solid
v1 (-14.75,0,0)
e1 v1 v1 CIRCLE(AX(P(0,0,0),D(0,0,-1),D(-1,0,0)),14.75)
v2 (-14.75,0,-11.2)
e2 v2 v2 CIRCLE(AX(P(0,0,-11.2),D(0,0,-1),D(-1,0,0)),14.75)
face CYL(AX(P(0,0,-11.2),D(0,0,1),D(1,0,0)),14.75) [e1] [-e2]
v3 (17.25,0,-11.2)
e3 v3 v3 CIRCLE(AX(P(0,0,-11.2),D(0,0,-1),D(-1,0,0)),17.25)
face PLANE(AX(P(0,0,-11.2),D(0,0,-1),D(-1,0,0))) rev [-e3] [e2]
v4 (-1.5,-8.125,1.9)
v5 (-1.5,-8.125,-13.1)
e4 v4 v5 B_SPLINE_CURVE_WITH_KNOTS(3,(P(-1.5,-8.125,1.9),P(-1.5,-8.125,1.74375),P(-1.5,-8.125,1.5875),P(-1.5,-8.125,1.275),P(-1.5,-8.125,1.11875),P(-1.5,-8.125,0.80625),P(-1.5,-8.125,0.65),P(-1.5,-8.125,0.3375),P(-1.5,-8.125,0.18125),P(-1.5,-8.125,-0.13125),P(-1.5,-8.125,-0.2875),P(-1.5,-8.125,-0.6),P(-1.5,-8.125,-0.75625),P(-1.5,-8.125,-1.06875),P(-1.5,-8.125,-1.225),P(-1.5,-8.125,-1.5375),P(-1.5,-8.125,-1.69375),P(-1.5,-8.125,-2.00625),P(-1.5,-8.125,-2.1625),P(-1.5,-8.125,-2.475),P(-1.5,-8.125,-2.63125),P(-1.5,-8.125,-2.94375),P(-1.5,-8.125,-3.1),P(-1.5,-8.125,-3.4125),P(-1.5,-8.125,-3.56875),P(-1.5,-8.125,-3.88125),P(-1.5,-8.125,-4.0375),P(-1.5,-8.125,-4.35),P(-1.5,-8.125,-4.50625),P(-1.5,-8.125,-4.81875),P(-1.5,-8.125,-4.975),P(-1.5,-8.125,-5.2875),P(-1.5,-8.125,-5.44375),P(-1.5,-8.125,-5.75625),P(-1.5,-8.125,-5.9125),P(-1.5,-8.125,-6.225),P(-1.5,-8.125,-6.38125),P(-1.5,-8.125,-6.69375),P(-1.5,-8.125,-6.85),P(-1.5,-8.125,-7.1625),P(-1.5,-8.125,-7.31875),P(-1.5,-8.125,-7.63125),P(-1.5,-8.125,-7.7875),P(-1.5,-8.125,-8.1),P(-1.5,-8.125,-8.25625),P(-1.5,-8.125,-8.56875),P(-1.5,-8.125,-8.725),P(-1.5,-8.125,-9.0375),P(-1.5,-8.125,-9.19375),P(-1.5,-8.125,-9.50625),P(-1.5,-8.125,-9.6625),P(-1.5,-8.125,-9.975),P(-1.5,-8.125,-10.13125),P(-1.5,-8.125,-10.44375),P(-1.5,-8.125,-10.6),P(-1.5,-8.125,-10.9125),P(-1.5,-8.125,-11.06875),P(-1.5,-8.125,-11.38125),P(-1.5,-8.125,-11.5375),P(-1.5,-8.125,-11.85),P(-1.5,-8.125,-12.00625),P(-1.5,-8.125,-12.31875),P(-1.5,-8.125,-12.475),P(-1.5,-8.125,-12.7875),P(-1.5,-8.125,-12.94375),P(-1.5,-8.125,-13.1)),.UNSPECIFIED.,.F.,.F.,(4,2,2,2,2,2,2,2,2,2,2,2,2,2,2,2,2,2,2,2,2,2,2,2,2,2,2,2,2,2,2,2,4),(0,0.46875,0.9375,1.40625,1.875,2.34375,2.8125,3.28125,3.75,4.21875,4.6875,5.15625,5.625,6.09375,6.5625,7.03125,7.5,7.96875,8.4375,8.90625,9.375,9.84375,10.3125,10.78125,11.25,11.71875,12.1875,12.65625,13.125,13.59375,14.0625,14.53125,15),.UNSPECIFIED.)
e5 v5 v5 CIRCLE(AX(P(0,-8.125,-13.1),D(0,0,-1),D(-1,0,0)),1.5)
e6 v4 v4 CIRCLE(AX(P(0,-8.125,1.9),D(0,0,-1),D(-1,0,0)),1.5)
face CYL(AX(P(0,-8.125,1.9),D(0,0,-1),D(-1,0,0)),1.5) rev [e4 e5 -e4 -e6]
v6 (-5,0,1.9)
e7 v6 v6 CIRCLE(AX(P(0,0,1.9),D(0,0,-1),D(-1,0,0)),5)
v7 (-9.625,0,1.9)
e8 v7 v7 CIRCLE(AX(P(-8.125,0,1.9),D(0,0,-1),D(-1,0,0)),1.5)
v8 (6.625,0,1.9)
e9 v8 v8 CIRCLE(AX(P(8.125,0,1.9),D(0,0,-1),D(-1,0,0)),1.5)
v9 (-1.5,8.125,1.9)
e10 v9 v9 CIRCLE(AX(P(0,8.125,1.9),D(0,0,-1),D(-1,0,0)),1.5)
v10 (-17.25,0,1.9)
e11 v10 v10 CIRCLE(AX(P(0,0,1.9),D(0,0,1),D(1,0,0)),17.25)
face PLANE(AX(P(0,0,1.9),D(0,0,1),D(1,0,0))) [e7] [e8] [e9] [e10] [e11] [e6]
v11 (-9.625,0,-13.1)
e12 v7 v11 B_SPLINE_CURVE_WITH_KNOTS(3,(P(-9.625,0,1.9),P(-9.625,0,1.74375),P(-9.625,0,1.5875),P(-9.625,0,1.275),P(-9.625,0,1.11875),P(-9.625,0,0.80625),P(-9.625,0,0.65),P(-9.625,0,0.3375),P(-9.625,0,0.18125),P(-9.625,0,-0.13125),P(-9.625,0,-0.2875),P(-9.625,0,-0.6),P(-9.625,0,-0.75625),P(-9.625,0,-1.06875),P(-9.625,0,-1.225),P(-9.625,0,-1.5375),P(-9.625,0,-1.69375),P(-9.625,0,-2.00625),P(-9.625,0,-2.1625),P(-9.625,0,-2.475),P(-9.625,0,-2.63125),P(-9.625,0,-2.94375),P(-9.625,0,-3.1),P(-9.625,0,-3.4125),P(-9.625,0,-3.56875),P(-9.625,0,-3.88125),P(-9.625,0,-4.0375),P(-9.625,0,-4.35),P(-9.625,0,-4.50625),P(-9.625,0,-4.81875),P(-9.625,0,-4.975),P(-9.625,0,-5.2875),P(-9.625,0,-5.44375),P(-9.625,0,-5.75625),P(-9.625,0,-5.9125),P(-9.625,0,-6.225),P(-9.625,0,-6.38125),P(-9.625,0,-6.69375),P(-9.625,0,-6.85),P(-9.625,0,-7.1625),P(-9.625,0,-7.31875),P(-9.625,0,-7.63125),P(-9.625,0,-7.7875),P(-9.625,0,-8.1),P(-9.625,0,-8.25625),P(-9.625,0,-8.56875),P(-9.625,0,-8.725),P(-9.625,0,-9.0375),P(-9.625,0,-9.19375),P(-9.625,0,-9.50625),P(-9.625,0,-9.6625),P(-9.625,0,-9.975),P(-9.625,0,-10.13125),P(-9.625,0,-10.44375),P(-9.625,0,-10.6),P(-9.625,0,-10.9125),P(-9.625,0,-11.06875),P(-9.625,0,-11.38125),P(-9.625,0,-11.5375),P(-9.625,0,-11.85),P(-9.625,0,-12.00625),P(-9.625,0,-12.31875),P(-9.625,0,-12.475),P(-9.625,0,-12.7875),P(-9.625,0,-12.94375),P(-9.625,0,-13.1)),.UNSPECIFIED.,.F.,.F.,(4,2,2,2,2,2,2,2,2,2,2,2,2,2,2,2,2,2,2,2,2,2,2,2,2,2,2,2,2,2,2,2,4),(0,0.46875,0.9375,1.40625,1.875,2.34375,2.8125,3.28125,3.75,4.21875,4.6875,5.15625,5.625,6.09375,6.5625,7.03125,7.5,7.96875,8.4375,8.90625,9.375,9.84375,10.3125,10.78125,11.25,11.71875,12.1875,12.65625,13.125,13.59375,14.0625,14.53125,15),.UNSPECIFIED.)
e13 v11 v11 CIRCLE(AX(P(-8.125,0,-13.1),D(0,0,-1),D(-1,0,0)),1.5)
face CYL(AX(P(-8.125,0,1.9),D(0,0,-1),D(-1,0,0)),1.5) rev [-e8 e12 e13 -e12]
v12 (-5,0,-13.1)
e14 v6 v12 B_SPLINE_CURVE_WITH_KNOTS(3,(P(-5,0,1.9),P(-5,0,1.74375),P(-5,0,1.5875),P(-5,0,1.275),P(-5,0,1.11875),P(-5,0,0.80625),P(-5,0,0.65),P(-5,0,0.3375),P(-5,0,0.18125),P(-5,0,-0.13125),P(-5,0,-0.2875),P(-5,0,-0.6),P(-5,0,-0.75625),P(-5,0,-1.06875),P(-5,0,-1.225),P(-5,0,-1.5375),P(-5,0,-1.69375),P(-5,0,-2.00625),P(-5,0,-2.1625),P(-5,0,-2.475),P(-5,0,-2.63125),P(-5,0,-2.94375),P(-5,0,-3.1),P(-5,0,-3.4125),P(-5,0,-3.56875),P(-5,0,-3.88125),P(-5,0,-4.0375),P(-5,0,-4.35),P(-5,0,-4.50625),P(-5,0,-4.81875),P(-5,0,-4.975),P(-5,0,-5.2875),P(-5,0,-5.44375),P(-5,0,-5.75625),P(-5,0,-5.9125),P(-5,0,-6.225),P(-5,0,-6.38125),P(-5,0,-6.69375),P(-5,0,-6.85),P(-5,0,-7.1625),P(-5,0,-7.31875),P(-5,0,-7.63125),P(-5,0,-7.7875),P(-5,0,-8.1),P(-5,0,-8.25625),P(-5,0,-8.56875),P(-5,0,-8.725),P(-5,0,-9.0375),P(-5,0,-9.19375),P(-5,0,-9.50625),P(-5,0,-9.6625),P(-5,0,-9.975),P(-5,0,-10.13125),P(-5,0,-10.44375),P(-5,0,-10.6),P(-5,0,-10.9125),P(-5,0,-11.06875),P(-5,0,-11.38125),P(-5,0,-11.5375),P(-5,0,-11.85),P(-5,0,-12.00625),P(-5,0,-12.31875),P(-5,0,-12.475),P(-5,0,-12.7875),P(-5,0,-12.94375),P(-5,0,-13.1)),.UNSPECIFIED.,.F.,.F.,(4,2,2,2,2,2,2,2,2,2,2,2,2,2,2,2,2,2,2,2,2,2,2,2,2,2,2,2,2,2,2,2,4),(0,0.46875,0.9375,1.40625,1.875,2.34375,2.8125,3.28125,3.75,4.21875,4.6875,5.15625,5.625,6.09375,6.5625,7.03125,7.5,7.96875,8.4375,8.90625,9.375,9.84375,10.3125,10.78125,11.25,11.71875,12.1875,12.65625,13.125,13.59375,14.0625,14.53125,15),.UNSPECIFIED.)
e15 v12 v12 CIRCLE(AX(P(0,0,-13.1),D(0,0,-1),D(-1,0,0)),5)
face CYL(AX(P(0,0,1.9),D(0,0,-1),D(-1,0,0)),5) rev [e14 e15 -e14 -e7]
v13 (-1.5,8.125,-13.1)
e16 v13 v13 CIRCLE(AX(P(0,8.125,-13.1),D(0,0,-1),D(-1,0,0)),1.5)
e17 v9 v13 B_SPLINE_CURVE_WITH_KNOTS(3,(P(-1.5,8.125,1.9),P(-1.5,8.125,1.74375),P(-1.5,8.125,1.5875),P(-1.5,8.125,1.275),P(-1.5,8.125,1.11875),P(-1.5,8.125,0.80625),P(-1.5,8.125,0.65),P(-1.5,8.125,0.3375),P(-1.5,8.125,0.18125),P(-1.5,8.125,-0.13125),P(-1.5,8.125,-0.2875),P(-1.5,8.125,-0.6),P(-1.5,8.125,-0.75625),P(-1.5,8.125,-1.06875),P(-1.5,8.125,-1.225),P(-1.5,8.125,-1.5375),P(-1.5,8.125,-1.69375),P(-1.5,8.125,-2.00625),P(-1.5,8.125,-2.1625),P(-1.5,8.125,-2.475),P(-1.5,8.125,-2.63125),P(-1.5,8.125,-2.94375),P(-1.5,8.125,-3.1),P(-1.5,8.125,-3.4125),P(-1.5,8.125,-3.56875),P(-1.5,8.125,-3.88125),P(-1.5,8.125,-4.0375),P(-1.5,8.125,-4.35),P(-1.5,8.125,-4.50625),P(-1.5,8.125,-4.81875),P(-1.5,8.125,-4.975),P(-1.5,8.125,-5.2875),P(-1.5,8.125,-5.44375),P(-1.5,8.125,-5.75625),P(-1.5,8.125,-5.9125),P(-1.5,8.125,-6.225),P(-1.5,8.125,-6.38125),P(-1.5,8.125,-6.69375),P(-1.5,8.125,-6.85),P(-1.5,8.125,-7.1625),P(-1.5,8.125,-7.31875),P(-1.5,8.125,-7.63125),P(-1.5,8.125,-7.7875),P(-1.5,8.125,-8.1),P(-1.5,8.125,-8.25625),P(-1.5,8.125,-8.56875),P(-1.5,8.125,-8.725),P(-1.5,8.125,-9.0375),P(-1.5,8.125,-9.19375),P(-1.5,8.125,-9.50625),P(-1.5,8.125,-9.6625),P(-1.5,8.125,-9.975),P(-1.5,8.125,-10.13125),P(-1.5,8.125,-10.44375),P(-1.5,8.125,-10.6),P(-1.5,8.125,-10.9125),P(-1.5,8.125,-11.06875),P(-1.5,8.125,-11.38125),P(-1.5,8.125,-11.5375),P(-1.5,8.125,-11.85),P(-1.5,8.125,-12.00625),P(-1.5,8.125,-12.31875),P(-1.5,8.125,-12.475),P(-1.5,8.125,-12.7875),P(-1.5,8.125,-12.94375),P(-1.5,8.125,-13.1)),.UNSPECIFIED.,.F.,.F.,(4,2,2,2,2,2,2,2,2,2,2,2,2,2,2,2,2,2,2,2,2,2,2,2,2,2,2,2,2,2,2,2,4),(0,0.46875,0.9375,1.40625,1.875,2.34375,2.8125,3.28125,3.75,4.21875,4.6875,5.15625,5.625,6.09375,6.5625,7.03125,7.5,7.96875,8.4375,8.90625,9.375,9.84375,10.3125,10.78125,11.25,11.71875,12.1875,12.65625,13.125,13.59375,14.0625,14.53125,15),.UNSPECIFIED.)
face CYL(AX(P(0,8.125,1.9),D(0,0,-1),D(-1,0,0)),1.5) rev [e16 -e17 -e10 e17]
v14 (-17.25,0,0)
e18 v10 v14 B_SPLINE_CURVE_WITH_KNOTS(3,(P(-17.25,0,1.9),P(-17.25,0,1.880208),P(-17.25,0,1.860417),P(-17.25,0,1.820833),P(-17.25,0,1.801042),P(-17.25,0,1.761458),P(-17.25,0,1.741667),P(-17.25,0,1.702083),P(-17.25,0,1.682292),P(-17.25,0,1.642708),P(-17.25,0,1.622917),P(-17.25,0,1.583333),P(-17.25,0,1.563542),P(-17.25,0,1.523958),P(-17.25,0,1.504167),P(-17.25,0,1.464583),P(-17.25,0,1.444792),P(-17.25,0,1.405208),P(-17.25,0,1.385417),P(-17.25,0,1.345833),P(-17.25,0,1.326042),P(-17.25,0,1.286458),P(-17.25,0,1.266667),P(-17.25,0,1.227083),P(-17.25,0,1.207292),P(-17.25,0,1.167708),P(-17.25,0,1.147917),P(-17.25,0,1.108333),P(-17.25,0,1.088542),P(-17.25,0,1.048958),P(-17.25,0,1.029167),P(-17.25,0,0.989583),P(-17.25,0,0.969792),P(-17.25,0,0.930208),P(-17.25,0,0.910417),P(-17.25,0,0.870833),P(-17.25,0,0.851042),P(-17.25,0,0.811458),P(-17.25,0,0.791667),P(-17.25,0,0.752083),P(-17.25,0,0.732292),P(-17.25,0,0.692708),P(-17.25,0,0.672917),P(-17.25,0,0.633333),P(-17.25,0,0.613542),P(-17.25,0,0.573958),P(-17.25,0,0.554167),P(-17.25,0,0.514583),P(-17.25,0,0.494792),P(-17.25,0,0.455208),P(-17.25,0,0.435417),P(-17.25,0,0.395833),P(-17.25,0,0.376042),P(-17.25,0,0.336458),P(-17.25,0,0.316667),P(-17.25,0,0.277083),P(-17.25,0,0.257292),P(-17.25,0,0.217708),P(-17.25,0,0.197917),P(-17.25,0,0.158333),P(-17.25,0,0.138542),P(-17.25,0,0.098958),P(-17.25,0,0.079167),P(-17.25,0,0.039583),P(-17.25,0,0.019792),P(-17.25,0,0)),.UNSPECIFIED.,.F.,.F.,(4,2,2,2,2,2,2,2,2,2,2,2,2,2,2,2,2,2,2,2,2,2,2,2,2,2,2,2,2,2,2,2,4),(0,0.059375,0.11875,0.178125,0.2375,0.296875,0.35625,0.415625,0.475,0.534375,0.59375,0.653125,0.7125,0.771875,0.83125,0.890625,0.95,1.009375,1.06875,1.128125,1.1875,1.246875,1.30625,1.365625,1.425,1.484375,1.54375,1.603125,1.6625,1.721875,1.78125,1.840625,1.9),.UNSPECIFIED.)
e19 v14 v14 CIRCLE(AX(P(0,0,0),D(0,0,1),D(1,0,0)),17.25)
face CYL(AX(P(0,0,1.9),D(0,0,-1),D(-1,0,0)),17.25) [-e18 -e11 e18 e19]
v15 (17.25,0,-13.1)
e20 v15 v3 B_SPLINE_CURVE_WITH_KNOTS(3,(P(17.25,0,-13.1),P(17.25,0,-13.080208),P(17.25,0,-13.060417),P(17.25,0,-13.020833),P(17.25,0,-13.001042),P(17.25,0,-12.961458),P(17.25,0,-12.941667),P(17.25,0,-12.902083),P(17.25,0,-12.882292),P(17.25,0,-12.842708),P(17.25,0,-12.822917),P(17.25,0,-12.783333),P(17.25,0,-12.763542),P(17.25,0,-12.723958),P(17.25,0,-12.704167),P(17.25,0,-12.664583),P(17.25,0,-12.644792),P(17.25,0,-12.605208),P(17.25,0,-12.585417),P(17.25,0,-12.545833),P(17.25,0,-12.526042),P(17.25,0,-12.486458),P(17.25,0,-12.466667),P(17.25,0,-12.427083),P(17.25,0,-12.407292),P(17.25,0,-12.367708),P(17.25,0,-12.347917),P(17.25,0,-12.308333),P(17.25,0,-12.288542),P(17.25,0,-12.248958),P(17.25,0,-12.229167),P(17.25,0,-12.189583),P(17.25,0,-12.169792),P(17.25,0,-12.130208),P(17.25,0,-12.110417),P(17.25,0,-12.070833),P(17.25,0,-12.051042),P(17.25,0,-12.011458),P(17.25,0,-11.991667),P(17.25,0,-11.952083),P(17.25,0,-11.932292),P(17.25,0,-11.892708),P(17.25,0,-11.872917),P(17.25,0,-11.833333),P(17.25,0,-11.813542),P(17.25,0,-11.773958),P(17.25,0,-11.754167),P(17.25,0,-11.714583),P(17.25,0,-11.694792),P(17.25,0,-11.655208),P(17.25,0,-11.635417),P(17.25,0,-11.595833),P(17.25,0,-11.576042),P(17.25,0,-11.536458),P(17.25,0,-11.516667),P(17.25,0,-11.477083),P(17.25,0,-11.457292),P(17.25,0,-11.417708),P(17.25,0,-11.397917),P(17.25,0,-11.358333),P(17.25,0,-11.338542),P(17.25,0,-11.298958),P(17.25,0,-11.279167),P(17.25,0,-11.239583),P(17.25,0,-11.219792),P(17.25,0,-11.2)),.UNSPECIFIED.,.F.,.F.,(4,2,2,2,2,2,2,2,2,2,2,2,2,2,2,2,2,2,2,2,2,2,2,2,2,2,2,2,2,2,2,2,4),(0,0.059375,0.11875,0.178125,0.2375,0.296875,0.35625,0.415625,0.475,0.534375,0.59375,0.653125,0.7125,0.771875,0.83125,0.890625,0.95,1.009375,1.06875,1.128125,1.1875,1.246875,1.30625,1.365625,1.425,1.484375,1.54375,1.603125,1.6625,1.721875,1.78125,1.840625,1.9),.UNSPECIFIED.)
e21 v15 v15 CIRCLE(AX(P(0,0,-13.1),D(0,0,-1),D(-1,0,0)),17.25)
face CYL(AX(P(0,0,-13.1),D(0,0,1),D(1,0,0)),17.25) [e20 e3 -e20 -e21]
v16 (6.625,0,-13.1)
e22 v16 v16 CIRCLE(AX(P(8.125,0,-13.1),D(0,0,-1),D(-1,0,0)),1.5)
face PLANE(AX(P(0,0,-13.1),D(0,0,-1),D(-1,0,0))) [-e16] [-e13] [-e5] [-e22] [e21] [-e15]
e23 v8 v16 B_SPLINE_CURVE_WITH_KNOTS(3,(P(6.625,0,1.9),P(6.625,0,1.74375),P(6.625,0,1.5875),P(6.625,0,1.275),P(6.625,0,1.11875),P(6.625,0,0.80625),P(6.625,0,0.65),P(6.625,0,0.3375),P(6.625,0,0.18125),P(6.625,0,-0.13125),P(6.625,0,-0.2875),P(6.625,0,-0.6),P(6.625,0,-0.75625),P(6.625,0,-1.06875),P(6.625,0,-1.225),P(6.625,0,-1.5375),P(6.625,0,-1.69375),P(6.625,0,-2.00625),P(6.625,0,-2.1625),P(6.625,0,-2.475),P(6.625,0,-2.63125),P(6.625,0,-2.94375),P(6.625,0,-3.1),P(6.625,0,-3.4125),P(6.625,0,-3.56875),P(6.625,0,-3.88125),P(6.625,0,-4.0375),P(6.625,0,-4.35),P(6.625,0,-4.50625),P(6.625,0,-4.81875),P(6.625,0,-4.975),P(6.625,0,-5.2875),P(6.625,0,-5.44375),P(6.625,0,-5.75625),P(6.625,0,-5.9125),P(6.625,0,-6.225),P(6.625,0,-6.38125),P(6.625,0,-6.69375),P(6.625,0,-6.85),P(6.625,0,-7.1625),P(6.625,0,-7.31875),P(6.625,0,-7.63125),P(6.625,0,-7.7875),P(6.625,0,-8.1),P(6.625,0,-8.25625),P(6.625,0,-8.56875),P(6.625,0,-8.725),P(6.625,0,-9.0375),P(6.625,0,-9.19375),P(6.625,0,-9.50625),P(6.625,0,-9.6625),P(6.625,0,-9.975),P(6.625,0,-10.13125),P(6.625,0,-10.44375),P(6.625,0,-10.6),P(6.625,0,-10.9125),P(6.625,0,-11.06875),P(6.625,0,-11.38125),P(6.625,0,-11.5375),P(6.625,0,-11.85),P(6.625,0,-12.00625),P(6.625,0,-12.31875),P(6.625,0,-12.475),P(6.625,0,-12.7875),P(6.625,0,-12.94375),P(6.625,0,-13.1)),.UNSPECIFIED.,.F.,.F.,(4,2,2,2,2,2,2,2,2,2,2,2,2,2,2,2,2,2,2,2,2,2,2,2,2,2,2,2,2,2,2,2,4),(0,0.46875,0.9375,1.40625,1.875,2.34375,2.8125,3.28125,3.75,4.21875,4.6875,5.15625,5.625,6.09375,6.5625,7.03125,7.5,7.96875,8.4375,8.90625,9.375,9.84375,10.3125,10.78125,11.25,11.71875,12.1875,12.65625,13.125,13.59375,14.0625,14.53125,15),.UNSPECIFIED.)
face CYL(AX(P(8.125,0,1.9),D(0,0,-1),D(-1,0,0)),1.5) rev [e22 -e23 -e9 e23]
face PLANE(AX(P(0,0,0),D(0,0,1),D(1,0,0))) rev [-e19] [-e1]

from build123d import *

# Parameters (mm, degrees)
SKETCH1_R           = 17.25
BOSS_EXTRUDE1_DEPTH = 1.9
SKETCH2_R           = 14.75
BOSS_EXTRUDE2_DEPTH = 11.2
BOSS_EXTRUDE3_START = 1.9
SKETCH3_R           = 17.25
BOSS_EXTRUDE3_DEPTH = 1.9
SKETCH4_R           = 5
CUT_EXTRUDE1_DEPTH  = 29.637824638
SKETCH5_R           = 1.5
CUT_EXTRUDE2_DEPTH  = 29.637824638


with BuildPart() as part:
    # Sketch1 → Boss-Extrude1 (new body)
    with BuildSketch(Plane.XY):
        with Locations(Location((0, 0, 0), (0, 0, 180))):
            Circle(SKETCH1_R)
    extrude(amount=BOSS_EXTRUDE1_DEPTH)

    # Sketch2 → Boss-Extrude2 (add)
    with BuildSketch(Plane(origin=(0, 0, 0), x_dir=(-1, 0, 0), z_dir=(0, 0, -1))):
        Circle(SKETCH2_R)
    extrude(amount=BOSS_EXTRUDE2_DEPTH)

    # Sketch3 → Boss-Extrude3 (add)
    with BuildSketch(Plane(origin=(0, 0, -11.2), x_dir=(-1, 0, 0), z_dir=(0, 0, -1)).offset(BOSS_EXTRUDE3_START)):
        Circle(SKETCH3_R)
    extrude(amount=-BOSS_EXTRUDE3_DEPTH)

    # Sketch4 → Cut-Extrude1 (cut, through all)
    with BuildSketch(Plane(origin=(0, 0, -13.1), x_dir=(-1, 0, 0), z_dir=(0, 0, -1))):
        Circle(SKETCH4_R)
    extrude(amount=-CUT_EXTRUDE1_DEPTH, mode=Mode.SUBTRACT)

    # Sketch5 → Cut-Extrude2 (cut, through all)
    with BuildSketch(Plane(origin=(0, 0, -13.1), x_dir=(-1, 0, 0), z_dir=(0, 0, -1))):
        with Locations((0, 8.125)):
            Circle(SKETCH5_R)
        with Locations((8.125, 0)):
            Circle(SKETCH5_R)
        with Locations((0, -8.125)):
            Circle(SKETCH5_R)
        with Locations((-8.125, 0)):
            Circle(SKETCH5_R)
    extrude(amount=-CUT_EXTRUDE2_DEPTH, mode=Mode.SUBTRACT)


solid = part.part
